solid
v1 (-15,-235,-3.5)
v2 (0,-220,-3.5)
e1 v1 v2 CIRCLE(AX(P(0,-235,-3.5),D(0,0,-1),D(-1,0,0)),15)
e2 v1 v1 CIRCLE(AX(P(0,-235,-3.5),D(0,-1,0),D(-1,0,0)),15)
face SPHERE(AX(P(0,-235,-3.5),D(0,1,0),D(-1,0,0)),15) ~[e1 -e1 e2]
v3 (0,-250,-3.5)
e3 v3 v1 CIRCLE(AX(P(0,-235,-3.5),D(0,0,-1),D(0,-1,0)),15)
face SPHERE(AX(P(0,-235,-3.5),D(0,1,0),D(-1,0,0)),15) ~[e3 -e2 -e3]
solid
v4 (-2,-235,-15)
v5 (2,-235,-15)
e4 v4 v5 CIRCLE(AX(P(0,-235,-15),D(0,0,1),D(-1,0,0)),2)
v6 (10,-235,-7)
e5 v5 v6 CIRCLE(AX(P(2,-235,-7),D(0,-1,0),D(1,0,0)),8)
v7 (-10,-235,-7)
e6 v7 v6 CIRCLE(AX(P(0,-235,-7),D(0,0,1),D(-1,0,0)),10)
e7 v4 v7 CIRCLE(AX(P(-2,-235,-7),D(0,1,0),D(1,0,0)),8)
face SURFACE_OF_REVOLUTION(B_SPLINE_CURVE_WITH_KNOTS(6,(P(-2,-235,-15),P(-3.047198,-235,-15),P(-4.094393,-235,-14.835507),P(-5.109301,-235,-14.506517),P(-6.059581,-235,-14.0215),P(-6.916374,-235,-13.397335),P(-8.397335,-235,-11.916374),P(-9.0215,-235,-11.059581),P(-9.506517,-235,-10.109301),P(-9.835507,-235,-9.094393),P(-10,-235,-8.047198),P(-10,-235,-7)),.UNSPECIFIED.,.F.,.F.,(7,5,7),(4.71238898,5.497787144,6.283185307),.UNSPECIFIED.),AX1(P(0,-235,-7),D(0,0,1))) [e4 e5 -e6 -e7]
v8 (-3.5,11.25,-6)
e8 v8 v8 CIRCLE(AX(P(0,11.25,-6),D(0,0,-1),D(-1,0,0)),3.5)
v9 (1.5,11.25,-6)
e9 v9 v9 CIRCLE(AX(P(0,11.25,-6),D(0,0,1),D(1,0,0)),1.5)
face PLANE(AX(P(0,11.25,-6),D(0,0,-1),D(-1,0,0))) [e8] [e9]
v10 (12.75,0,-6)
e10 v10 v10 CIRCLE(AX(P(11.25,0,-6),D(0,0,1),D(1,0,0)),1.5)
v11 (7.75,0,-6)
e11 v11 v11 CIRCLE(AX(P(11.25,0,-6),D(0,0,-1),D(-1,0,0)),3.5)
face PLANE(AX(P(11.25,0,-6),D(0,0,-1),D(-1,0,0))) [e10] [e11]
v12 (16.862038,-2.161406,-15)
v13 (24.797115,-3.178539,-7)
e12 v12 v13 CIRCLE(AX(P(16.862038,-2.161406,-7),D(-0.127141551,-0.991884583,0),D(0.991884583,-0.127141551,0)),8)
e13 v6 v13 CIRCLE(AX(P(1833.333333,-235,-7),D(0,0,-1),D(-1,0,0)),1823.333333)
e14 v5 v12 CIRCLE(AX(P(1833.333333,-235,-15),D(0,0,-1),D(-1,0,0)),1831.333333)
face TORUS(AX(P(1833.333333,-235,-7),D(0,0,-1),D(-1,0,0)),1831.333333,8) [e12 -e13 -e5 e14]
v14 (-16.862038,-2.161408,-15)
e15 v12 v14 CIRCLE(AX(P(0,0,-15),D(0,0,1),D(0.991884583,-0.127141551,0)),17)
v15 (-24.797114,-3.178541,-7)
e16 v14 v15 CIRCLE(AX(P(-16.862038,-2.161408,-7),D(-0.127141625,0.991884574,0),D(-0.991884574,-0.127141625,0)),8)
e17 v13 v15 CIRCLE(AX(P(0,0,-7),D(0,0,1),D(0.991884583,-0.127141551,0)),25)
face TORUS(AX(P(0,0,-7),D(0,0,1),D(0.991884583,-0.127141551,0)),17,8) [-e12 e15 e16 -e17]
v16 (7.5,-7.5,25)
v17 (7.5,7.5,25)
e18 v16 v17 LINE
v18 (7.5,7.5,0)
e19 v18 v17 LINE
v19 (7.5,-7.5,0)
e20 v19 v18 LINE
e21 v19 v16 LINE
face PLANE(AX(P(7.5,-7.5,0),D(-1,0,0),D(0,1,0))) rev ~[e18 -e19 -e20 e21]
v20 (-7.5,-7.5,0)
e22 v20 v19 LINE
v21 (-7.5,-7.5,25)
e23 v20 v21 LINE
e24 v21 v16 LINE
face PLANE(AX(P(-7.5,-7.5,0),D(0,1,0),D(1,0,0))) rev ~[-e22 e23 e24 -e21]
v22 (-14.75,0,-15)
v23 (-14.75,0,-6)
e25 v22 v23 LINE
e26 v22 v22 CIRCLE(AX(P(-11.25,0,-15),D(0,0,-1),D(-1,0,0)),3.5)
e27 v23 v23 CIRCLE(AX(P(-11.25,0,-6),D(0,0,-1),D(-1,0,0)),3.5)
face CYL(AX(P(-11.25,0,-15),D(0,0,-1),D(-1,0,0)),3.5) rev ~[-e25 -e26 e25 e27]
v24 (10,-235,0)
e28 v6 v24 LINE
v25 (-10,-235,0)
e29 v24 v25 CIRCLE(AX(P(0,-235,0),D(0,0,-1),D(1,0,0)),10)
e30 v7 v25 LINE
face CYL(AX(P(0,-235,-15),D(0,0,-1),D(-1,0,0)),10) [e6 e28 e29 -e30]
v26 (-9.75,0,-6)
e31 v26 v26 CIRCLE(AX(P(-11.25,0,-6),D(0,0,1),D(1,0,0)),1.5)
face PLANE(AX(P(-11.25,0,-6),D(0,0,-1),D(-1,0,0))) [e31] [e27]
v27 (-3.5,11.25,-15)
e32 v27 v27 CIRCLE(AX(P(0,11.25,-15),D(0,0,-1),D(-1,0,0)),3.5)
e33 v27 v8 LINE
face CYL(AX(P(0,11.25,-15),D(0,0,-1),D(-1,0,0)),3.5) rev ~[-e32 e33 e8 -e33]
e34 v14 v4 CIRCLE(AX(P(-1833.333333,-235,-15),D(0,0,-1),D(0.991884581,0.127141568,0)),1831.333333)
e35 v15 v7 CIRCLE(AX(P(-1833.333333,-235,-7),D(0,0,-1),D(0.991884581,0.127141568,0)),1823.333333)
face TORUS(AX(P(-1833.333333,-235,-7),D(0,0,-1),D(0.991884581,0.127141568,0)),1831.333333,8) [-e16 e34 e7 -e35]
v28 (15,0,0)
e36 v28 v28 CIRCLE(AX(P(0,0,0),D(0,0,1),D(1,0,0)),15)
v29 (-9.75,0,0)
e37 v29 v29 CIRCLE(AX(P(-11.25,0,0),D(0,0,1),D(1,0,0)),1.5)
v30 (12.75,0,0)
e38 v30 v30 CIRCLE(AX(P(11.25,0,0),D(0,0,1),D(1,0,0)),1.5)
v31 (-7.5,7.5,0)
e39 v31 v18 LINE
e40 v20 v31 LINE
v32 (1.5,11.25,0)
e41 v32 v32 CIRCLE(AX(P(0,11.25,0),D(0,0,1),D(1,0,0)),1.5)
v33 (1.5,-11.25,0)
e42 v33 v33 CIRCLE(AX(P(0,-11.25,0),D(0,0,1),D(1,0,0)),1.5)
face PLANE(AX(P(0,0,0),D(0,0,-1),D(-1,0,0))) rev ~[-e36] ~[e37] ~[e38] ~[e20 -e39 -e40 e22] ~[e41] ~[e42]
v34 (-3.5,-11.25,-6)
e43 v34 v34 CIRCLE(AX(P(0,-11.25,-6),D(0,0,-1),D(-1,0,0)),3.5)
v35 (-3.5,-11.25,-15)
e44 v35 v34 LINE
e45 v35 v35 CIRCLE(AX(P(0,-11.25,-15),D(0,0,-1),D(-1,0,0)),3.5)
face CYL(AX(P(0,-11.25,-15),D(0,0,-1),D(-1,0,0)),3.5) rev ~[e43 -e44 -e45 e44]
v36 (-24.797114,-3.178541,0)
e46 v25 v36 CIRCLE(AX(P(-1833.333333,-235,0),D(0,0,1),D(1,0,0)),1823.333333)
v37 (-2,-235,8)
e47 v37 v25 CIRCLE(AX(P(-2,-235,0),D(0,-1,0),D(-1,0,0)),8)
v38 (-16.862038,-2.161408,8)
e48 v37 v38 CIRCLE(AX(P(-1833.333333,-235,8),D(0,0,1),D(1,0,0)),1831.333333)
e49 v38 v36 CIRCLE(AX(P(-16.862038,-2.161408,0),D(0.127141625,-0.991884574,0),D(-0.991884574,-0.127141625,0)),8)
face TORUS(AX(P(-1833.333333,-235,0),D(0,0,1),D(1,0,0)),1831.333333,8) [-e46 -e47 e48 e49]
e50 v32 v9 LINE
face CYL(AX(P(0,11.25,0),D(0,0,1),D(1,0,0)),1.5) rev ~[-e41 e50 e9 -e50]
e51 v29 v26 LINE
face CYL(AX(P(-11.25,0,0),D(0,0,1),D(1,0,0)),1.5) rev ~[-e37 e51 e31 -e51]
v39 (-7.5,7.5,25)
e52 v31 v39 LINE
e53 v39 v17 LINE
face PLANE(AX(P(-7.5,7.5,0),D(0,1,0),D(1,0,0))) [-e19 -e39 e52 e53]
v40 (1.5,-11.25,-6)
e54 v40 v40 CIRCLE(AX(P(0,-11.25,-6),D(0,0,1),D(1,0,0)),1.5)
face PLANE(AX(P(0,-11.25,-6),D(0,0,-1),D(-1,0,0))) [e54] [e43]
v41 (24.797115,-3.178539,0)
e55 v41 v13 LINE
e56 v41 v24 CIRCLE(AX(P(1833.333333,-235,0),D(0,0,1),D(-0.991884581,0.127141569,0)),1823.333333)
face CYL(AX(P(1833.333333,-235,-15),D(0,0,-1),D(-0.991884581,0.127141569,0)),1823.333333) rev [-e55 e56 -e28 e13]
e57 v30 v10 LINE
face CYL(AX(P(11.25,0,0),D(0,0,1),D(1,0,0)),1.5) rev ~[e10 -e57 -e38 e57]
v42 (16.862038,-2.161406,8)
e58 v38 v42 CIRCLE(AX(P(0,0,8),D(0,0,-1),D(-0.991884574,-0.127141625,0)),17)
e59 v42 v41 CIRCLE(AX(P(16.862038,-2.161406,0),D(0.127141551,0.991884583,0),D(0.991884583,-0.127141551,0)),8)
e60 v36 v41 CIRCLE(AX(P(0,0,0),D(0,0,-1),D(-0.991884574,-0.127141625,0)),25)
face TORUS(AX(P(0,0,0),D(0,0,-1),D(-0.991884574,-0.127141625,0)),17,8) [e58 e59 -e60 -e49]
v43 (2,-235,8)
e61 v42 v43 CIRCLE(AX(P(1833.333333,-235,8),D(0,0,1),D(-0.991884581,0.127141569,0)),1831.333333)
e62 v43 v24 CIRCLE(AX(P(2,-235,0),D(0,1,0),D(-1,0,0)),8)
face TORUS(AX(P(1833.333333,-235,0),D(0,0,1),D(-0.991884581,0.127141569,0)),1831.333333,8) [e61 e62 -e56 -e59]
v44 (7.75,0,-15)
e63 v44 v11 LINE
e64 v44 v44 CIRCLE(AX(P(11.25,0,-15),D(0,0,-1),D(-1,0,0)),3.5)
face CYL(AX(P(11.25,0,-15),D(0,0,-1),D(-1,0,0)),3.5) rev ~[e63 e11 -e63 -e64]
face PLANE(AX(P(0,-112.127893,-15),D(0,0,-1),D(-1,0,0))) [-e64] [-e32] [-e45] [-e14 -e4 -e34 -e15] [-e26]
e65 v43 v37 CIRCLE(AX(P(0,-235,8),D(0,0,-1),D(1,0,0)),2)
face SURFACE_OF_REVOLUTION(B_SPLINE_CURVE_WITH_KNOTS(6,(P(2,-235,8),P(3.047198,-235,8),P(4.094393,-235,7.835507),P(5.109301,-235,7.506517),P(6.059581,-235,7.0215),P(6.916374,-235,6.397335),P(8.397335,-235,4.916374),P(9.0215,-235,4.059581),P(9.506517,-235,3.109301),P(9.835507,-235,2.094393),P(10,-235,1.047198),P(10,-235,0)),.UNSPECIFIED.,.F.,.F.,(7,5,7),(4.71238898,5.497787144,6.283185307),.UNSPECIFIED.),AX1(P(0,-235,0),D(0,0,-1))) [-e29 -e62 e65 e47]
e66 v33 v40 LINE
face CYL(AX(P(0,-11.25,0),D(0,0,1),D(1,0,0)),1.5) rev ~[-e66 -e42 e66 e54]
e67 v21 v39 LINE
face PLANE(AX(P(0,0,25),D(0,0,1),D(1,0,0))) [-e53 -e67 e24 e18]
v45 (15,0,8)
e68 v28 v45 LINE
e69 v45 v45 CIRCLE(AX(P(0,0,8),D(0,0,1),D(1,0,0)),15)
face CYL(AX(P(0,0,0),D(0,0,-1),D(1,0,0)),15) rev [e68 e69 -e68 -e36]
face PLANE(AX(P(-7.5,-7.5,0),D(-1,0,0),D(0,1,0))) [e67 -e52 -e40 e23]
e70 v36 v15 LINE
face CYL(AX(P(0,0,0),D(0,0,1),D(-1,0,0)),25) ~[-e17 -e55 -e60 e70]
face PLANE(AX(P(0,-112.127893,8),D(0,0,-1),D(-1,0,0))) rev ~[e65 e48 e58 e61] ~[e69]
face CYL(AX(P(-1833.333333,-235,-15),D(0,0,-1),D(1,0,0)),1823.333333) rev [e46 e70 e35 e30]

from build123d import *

# Parameters (mm, degrees)
SKETCH3_R               = 25
SKETCH3_R_2             = 15
BOSS_EXTRUDE1_DEPTH     = 8
SKETCH4_R               = 25
BOSS_EXTRUDE2_DEPTH     = 15
SKETCH5_W               = 15
SKETCH5_H               = 15
BOSS_EXTRUDE3_DEPTH     = 25
SKETCH6_R               = 10
BOSS_EXTRUDE4_DEPTH     = 23
FILLET1_R               = 8
FILLET2_R               = 8
SKETCH8_R               = 1.5
CUT_EXTRUDE1_DEPTH      = 26
CUT_EXTRUDE1_DEPTH_BACK = 19.5
SKETCH9_R               = 3.5
SKETCH9_R_2             = 1.5
CUT_EXTRUDE2_DEPTH      = 9


with BuildPart() as part:
    # Sketch3 → Boss-Extrude1 (new body)
    with BuildSketch(Plane.XY):
        Circle(SKETCH3_R)
        Circle(SKETCH3_R_2, mode=Mode.SUBTRACT)
    extrude(amount=BOSS_EXTRUDE1_DEPTH)

    # Sketch4 → Boss-Extrude2 (add)
    with BuildSketch(Plane(origin=(0, 0, 0), x_dir=(-1, 0, 0), z_dir=(0, 0, -1))):
        Circle(SKETCH4_R)
    extrude(amount=BOSS_EXTRUDE2_DEPTH)

    # Sketch5 → Boss-Extrude3 (add)
    with BuildSketch(Plane.XY):
        Rectangle(SKETCH5_W, SKETCH5_H)
    extrude(amount=BOSS_EXTRUDE3_DEPTH)

    # Sketch6 → Boss-Extrude4 (add)
    with BuildSketch(Plane(origin=(0, 0, -15), x_dir=(-1, 0, 0), z_dir=(0, 0, -1))):
        with BuildLine():
            ThreePointArc((-10, -235), (0, -225), (10, -235))
            ThreePointArc((10, -235), (13.703038867, -118.853386163), (24.797114339, -3.178540617))
            ThreePointArc((24.797114339, -3.178540617), (-9.25e-07, -25), (-24.797114574, -3.178538781))
            ThreePointArc((-24.797114574, -3.178538781), (-13.703038926, -118.853385239), (-10, -235))
        make_face()
        with Locations((0, -235)):
            Circle(SKETCH6_R)
    extrude(amount=-BOSS_EXTRUDE4_DEPTH)

    # Fillet1
    fillet1_edges = [part.edges().sort_by_distance(p)[0] for p in [
        (-9.25e-07, 25, -15),
        (0, -245, -15),
        (-13.703038867, -118.853386163, -15),
        (13.703038926, -118.853385239, -15),
    ]]
    fillet(fillet1_edges, radius=FILLET1_R)

    # Fillet2
    fillet2_edges = [part.edges().sort_by_distance(p)[0] for p in [
        (-9.25e-07, 25, 8),
        (13.703038926, -118.853385239, 8),
        (0, -245, 8),
        (-13.703038867, -118.853386163, 8),
    ]]
    fillet(fillet2_edges, radius=FILLET2_R)

    # Sketch8 → Cut-Extrude1 (cut, two sides)
    with BuildSketch(Plane.XY) as cut_extrude1_sk:
        with Locations((11.25, 0)):
            Circle(SKETCH8_R)
        with Locations((0, -11.25)):
            Circle(SKETCH8_R)
        with Locations((-11.25, 0)):
            Circle(SKETCH8_R)
        with Locations((0, 11.25)):
            Circle(SKETCH8_R)
    extrude(amount=CUT_EXTRUDE1_DEPTH, mode=Mode.SUBTRACT)
    extrude(cut_extrude1_sk.sketch, amount=-CUT_EXTRUDE1_DEPTH_BACK, mode=Mode.SUBTRACT)

    # Sketch9 → Cut-Extrude2 (cut)
    with BuildSketch(Plane(origin=(0, 0, -15), x_dir=(-1, 0, 0), z_dir=(0, 0, -1))):
        with Locations((11.25, 0)):
            Circle(SKETCH9_R)
        with Locations((11.25, 0)):
            Circle(SKETCH9_R_2, mode=Mode.SUBTRACT)
        with Locations((0, -11.25)):
            Circle(SKETCH9_R)
        with Locations((0, -11.25)):
            Circle(SKETCH9_R_2, mode=Mode.SUBTRACT)
        with Locations((-11.25, 0)):
            Circle(SKETCH9_R)
        with Locations((-11.25, 0)):
            Circle(SKETCH9_R_2, mode=Mode.SUBTRACT)
        with Locations((0, 11.25)):
            Circle(SKETCH9_R)
    extrude(amount=-CUT_EXTRUDE2_DEPTH, mode=Mode.SUBTRACT)


with BuildPart() as body_2:
    # Sketch7 one side → Revolve2 (revolve)
    with BuildSketch(Plane(origin=(0, 0, -3.5), x_dir=(-1, 0, 0), z_dir=(0, 0, -1))):
        with BuildLine():
            ThreePointArc((0, -250), (10.606601718, -245.606601718), (15, -235))
            ThreePointArc((15, -235), (10.606601718, -224.393398282), (0, -220))
            Line((0, -220), (0, -250))
        make_face()
    revolve(axis=Axis((0, -220, -3.5), (0, -1, 0)))


solid = Compound([part.part, body_2.part])
